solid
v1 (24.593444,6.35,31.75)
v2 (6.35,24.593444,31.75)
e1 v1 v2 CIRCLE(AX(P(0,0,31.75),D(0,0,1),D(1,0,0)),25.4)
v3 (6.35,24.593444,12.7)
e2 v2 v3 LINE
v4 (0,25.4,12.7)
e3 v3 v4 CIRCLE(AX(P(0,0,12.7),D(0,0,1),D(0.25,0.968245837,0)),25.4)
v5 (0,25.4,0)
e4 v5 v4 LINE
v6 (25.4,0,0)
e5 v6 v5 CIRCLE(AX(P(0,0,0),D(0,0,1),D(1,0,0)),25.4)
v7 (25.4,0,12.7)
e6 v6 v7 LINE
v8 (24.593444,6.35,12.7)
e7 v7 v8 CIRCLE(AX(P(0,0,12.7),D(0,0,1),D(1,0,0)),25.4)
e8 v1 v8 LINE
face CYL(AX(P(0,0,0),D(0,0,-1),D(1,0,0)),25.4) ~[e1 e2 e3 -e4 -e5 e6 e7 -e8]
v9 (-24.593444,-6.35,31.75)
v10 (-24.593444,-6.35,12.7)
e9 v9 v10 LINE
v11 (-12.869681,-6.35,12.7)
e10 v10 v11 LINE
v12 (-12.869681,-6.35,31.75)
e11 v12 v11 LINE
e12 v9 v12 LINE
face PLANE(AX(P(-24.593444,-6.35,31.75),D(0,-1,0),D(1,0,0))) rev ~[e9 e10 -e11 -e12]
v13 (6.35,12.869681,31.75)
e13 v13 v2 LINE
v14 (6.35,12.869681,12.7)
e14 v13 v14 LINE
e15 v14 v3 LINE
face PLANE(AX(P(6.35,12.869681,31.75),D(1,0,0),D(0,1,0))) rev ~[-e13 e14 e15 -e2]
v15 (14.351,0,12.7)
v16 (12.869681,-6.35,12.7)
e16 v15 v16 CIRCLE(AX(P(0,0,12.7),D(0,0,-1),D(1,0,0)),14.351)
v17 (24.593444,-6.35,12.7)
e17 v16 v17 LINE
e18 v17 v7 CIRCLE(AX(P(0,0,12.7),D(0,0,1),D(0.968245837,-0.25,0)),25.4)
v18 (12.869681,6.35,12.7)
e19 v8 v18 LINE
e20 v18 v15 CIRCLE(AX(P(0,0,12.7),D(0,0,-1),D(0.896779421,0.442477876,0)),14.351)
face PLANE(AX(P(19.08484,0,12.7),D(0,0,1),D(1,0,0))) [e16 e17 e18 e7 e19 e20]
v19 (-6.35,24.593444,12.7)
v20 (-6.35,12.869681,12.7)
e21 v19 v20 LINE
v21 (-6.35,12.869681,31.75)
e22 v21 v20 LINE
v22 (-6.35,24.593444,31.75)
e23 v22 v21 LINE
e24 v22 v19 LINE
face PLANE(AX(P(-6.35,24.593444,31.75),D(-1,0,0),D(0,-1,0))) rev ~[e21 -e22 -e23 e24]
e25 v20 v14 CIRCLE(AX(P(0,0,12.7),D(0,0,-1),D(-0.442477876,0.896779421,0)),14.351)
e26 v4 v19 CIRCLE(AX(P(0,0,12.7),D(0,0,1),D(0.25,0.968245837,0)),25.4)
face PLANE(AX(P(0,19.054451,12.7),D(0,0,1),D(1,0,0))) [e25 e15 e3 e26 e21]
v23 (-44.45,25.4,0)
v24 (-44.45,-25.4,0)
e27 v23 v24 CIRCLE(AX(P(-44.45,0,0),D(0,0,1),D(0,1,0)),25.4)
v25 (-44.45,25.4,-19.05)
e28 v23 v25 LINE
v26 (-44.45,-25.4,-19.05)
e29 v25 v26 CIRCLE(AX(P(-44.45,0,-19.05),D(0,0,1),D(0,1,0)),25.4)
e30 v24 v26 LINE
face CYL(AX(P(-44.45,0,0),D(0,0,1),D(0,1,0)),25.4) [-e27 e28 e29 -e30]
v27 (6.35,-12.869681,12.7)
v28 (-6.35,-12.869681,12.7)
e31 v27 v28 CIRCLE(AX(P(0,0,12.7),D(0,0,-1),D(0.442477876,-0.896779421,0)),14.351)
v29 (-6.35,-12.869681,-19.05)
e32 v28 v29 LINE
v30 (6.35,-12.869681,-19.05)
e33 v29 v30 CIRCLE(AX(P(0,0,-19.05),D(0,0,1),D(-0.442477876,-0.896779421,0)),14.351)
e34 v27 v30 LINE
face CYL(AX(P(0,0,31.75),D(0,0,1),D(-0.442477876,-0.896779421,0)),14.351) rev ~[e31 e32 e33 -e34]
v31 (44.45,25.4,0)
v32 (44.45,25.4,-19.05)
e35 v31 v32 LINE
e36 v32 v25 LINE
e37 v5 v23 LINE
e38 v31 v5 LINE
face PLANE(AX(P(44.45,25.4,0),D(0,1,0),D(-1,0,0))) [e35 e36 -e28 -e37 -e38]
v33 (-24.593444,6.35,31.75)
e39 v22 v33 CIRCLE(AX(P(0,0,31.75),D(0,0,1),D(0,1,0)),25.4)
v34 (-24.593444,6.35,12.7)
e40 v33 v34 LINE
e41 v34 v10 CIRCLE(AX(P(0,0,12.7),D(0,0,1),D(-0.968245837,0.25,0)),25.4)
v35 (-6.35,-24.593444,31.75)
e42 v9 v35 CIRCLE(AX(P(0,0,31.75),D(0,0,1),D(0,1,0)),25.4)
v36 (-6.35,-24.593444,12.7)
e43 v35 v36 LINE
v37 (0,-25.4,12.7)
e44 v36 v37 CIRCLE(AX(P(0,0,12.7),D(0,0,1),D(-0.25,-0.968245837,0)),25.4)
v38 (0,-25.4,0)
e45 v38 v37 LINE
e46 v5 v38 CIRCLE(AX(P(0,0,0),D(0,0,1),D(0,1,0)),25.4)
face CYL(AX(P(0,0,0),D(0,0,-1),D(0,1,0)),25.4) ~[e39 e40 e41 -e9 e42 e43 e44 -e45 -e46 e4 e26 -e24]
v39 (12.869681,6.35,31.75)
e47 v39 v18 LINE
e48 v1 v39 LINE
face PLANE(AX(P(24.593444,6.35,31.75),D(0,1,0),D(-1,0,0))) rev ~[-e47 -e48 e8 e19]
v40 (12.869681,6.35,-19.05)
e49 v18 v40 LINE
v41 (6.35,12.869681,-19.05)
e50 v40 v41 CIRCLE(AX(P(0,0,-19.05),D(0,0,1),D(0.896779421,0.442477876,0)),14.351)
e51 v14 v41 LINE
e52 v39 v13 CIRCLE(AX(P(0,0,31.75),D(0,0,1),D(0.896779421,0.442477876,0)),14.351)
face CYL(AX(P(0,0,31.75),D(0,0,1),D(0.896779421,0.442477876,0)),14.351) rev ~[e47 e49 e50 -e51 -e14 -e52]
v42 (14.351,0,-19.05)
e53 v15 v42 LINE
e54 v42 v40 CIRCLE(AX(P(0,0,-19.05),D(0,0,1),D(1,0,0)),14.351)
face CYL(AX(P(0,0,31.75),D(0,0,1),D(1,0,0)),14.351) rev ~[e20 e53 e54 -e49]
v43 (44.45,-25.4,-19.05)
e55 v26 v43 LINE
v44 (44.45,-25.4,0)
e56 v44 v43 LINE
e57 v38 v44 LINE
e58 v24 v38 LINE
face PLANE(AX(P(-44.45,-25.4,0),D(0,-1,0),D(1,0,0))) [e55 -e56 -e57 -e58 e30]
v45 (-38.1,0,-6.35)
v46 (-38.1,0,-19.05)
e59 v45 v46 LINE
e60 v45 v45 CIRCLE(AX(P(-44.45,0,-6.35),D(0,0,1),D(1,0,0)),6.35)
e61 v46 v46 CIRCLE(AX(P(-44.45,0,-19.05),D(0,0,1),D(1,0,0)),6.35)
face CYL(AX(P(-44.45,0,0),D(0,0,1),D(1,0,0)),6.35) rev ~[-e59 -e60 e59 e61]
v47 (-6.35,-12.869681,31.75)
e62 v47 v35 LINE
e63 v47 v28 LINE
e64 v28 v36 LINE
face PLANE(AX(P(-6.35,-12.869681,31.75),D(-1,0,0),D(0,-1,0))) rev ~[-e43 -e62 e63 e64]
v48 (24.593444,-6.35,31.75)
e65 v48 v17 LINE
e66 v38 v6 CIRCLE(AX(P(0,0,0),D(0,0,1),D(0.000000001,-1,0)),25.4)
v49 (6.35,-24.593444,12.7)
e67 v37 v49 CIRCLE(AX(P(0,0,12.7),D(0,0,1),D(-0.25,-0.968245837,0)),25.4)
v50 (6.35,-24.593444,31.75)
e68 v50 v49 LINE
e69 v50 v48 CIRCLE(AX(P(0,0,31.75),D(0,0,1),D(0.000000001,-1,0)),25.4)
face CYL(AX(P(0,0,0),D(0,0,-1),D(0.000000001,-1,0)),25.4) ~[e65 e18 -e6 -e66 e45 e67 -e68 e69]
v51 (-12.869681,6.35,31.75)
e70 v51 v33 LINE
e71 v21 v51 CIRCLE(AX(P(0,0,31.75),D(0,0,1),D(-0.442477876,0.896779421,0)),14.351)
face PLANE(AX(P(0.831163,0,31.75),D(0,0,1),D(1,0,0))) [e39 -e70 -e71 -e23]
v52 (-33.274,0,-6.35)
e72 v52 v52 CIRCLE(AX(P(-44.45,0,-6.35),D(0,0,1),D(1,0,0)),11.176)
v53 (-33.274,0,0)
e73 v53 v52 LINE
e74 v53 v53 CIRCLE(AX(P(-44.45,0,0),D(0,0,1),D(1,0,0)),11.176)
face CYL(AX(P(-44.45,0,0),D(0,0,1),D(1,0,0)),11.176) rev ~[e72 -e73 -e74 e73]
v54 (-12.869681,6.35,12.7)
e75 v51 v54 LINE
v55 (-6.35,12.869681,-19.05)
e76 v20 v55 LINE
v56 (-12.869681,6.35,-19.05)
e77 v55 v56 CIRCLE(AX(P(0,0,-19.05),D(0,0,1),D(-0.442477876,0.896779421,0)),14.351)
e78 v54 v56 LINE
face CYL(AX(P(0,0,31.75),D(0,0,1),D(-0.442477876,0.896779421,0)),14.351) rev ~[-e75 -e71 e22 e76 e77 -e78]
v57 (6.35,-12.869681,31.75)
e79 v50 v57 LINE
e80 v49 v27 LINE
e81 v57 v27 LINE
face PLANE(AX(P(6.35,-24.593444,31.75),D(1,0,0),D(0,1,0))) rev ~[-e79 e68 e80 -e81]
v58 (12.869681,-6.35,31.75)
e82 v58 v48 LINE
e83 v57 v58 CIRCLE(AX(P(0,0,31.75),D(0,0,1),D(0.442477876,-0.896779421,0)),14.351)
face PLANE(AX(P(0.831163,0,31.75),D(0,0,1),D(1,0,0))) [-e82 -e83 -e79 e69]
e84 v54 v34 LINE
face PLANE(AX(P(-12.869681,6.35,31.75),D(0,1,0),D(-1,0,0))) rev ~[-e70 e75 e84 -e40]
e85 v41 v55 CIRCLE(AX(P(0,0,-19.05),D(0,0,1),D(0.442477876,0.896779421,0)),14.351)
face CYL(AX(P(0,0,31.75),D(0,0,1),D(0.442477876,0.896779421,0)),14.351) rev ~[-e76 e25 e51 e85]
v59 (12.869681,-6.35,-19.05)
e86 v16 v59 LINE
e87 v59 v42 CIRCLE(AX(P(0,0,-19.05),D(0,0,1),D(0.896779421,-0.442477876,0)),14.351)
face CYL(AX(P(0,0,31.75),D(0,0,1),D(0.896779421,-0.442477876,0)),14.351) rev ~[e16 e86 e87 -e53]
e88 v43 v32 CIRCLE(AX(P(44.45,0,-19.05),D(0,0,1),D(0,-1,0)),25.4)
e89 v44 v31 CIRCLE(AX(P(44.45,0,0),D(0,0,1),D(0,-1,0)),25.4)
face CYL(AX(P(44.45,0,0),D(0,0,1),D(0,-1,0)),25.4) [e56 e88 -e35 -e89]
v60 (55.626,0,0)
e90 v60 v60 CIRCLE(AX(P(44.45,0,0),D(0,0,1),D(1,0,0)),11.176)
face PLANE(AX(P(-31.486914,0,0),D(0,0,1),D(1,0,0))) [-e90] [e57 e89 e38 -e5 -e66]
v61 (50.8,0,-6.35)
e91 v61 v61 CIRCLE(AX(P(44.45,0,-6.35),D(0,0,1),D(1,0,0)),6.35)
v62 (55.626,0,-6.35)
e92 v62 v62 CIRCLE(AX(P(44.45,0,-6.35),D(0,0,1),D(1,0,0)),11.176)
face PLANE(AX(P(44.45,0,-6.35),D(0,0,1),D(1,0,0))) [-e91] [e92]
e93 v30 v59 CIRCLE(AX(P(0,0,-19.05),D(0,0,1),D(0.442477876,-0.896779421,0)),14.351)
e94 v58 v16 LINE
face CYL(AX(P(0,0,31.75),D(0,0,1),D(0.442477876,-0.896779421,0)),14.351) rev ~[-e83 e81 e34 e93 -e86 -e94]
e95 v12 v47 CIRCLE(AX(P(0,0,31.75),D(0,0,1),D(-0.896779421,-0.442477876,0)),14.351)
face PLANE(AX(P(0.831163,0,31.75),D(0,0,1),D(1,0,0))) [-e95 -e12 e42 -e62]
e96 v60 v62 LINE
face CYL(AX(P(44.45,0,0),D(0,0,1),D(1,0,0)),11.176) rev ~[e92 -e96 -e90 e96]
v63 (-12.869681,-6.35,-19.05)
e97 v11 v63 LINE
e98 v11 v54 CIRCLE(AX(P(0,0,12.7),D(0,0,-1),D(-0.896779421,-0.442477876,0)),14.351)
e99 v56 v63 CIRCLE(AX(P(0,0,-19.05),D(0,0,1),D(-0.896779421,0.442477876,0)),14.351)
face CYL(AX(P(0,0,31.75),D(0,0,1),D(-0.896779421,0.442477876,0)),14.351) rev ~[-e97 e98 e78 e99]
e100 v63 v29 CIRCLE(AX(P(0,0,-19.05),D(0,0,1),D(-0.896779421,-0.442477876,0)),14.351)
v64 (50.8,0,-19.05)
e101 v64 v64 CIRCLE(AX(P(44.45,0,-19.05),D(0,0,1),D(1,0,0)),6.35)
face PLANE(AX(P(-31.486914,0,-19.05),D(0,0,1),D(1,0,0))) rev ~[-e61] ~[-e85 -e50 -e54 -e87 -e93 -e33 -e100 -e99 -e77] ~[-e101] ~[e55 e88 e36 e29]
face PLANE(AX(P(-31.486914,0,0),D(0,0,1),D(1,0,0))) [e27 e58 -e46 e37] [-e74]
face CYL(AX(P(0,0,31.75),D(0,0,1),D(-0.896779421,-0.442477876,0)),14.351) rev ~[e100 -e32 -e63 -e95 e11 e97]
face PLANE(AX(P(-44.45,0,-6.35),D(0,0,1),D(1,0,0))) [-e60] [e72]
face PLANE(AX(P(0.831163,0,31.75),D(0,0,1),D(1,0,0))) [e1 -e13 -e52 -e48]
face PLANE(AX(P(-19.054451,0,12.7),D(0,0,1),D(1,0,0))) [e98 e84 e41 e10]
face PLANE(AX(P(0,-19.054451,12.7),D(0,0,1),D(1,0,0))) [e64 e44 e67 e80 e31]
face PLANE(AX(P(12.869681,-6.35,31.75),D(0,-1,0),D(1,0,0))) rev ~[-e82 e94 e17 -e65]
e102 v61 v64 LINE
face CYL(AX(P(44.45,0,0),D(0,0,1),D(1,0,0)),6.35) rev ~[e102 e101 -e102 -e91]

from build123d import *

# Parameters (mm, degrees)
F0_R     = 11.176
F0_R_2   = 6.35
F1_DEPTH = 19.05
F2_DEPTH = 6.35
F3_DEPTH = 31.75
F5_DEPTH = 19.05
F6_DEPTH = 50.8


with BuildPart() as f1:
    # F0 (on Top) → F1 (new body)
    with BuildSketch(Plane.XY):
        with BuildLine():
            ThreePointArc((-44.45, 25.4), (-69.85, 0), (-44.45, -25.4))
            Line((-44.45, -25.4), (2.63e-08, -25.4))
            ThreePointArc((2.63e-08, -25.4), (-25.4, -1.24e-08), (1.5e-09, 25.4))
            Line((1.5e-09, 25.4), (-44.45, 25.4))
        make_face()
        with Locations((-44.45, 0)):
            Circle(F0_R, mode=Mode.SUBTRACT)
        with BuildLine():
            ThreePointArc((25.4, 0), (17.9605122514, -17.9605122328), (2.63e-08, -25.4))
            Line((2.63e-08, -25.4), (44.45, -25.4))
            ThreePointArc((44.45, -25.4), (69.85, 0), (44.45, 25.4))
            Line((44.45, 25.4), (1.5e-09, 25.4))
            ThreePointArc((1.5e-09, 25.4), (17.9605122427, 17.9605122416), (25.4, 0))
        make_face()
        with Locations((44.45, 0)):
            Circle(F0_R, mode=Mode.SUBTRACT)
        with Locations((-44.45, 0)):
            Circle(F0_R)
        with Locations((-44.45, 0)):
            Circle(F0_R_2, mode=Mode.SUBTRACT)
        with Locations((44.45, 0)):
            Circle(F0_R)
        with Locations((44.45, 0)):
            Circle(F0_R_2, mode=Mode.SUBTRACT)
        with BuildLine():
            ThreePointArc((1.5e-09, 25.4), (-25.4, -1.24e-08), (2.63e-08, -25.4))
            ThreePointArc((2.63e-08, -25.4), (17.9605122514, -17.9605122328), (25.4, 0))
            ThreePointArc((25.4, 0), (17.9605122427, 17.9605122416), (1.5e-09, 25.4))
        make_face()
    extrude(amount=-F1_DEPTH)

    # F0 (on Top) → F2 (cut)
    with BuildSketch(Plane.XY):
        with Locations((-44.45, 0)):
            Circle(F0_R)
        with Locations((-44.45, 0)):
            Circle(F0_R_2, mode=Mode.SUBTRACT)
        with Locations((44.45, 0)):
            Circle(F0_R)
        with Locations((44.45, 0)):
            Circle(F0_R_2, mode=Mode.SUBTRACT)
    extrude(amount=-F2_DEPTH, mode=Mode.SUBTRACT)

    # F0 (on Top) → F3 (join)
    with BuildSketch(Plane.XY):
        with BuildLine():
            ThreePointArc((1.5e-09, 25.4), (-25.4, -1.24e-08), (2.63e-08, -25.4))
            ThreePointArc((2.63e-08, -25.4), (17.9605122514, -17.9605122328), (25.4, 0))
            ThreePointArc((25.4, 0), (17.9605122427, 17.9605122416), (1.5e-09, 25.4))
        make_face()
    extrude(amount=F3_DEPTH)

    # F4 (on face) → F5 (cut)
    with BuildSketch(Plane.XY.offset(31.75)):
        with BuildLine():
            Line((6.35, -24.5934442484), (6.35, -12.8696814646))
            ThreePointArc((6.35, -12.8696814646), (0, -14.351), (-6.35, -12.8696814646))
            Line((-6.35, -12.8696814646), (-6.35, -24.5934442484))
            ThreePointArc((-6.35, -24.5934442484), (0, -25.4), (6.35, -24.5934442484))
        make_face()
        with BuildLine():
            ThreePointArc((-12.8696814646, -6.35), (-14.351, 0), (-12.8696814646, 6.35))
            Line((-12.8696814646, 6.35), (-24.5934442484, 6.35))
            ThreePointArc((-24.5934442484, 6.35), (-25.4, 0), (-24.5934442484, -6.35))
            Line((-24.5934442484, -6.35), (-12.8696814646, -6.35))
        make_face()
        with BuildLine():
            ThreePointArc((-6.35, 12.8696814646), (0, 14.351), (6.35, 12.8696814646))
            Line((6.35, 12.8696814646), (6.35, 24.5934442484))
            ThreePointArc((6.35, 24.5934442484), (0, 25.4), (-6.35, 24.5934442484))
            Line((-6.35, 24.5934442484), (-6.35, 12.8696814646))
        make_face()
        with BuildLine():
            ThreePointArc((12.8696814646, 6.35), (13.9757647322, 3.260245566), (14.351, 0))
            ThreePointArc((14.351, 0), (13.9757647322, -3.260245566), (12.8696814646, -6.35))
            Line((12.8696814646, -6.35), (24.5934442484, -6.35))
            ThreePointArc((24.5934442484, -6.35), (25.1975542852, -3.2005090291), (25.4, 0))
            ThreePointArc((25.4, 0), (25.1975542852, 3.2005090291), (24.5934442484, 6.35))
            Line((24.5934442484, 6.35), (12.8696814646, 6.35))
        make_face()
    extrude(amount=-F5_DEPTH, mode=Mode.SUBTRACT)

    # F4 (on face) → F6 (cut, through all)
    with BuildSketch(Plane.XY.offset(31.75)):
        with BuildLine():
            ThreePointArc((12.8696814646, -6.35), (13.9757647322, -3.260245566), (14.351, 0))
            ThreePointArc((14.351, 0), (13.9757647322, 3.260245566), (12.8696814646, 6.35))
            ThreePointArc((12.8696814646, 6.35), (10.1476894168, 10.1476894168), (6.35, 12.8696814646))
            ThreePointArc((6.35, 12.8696814646), (0, 14.351), (-6.35, 12.8696814646))
            ThreePointArc((-6.35, 12.8696814646), (-10.1476894168, 10.1476894168), (-12.8696814646, 6.35))
            ThreePointArc((-12.8696814646, 6.35), (-14.351, 0), (-12.8696814646, -6.35))
            ThreePointArc((-12.8696814646, -6.35), (-10.1476894168, -10.1476894168), (-6.35, -12.8696814646))
            ThreePointArc((-6.35, -12.8696814646), (0, -14.351), (6.35, -12.8696814646))
            ThreePointArc((6.35, -12.8696814646), (10.1476894168, -10.1476894168), (12.8696814646, -6.35))
        make_face()
    extrude(amount=-F6_DEPTH, mode=Mode.SUBTRACT)


solid = f1.part
